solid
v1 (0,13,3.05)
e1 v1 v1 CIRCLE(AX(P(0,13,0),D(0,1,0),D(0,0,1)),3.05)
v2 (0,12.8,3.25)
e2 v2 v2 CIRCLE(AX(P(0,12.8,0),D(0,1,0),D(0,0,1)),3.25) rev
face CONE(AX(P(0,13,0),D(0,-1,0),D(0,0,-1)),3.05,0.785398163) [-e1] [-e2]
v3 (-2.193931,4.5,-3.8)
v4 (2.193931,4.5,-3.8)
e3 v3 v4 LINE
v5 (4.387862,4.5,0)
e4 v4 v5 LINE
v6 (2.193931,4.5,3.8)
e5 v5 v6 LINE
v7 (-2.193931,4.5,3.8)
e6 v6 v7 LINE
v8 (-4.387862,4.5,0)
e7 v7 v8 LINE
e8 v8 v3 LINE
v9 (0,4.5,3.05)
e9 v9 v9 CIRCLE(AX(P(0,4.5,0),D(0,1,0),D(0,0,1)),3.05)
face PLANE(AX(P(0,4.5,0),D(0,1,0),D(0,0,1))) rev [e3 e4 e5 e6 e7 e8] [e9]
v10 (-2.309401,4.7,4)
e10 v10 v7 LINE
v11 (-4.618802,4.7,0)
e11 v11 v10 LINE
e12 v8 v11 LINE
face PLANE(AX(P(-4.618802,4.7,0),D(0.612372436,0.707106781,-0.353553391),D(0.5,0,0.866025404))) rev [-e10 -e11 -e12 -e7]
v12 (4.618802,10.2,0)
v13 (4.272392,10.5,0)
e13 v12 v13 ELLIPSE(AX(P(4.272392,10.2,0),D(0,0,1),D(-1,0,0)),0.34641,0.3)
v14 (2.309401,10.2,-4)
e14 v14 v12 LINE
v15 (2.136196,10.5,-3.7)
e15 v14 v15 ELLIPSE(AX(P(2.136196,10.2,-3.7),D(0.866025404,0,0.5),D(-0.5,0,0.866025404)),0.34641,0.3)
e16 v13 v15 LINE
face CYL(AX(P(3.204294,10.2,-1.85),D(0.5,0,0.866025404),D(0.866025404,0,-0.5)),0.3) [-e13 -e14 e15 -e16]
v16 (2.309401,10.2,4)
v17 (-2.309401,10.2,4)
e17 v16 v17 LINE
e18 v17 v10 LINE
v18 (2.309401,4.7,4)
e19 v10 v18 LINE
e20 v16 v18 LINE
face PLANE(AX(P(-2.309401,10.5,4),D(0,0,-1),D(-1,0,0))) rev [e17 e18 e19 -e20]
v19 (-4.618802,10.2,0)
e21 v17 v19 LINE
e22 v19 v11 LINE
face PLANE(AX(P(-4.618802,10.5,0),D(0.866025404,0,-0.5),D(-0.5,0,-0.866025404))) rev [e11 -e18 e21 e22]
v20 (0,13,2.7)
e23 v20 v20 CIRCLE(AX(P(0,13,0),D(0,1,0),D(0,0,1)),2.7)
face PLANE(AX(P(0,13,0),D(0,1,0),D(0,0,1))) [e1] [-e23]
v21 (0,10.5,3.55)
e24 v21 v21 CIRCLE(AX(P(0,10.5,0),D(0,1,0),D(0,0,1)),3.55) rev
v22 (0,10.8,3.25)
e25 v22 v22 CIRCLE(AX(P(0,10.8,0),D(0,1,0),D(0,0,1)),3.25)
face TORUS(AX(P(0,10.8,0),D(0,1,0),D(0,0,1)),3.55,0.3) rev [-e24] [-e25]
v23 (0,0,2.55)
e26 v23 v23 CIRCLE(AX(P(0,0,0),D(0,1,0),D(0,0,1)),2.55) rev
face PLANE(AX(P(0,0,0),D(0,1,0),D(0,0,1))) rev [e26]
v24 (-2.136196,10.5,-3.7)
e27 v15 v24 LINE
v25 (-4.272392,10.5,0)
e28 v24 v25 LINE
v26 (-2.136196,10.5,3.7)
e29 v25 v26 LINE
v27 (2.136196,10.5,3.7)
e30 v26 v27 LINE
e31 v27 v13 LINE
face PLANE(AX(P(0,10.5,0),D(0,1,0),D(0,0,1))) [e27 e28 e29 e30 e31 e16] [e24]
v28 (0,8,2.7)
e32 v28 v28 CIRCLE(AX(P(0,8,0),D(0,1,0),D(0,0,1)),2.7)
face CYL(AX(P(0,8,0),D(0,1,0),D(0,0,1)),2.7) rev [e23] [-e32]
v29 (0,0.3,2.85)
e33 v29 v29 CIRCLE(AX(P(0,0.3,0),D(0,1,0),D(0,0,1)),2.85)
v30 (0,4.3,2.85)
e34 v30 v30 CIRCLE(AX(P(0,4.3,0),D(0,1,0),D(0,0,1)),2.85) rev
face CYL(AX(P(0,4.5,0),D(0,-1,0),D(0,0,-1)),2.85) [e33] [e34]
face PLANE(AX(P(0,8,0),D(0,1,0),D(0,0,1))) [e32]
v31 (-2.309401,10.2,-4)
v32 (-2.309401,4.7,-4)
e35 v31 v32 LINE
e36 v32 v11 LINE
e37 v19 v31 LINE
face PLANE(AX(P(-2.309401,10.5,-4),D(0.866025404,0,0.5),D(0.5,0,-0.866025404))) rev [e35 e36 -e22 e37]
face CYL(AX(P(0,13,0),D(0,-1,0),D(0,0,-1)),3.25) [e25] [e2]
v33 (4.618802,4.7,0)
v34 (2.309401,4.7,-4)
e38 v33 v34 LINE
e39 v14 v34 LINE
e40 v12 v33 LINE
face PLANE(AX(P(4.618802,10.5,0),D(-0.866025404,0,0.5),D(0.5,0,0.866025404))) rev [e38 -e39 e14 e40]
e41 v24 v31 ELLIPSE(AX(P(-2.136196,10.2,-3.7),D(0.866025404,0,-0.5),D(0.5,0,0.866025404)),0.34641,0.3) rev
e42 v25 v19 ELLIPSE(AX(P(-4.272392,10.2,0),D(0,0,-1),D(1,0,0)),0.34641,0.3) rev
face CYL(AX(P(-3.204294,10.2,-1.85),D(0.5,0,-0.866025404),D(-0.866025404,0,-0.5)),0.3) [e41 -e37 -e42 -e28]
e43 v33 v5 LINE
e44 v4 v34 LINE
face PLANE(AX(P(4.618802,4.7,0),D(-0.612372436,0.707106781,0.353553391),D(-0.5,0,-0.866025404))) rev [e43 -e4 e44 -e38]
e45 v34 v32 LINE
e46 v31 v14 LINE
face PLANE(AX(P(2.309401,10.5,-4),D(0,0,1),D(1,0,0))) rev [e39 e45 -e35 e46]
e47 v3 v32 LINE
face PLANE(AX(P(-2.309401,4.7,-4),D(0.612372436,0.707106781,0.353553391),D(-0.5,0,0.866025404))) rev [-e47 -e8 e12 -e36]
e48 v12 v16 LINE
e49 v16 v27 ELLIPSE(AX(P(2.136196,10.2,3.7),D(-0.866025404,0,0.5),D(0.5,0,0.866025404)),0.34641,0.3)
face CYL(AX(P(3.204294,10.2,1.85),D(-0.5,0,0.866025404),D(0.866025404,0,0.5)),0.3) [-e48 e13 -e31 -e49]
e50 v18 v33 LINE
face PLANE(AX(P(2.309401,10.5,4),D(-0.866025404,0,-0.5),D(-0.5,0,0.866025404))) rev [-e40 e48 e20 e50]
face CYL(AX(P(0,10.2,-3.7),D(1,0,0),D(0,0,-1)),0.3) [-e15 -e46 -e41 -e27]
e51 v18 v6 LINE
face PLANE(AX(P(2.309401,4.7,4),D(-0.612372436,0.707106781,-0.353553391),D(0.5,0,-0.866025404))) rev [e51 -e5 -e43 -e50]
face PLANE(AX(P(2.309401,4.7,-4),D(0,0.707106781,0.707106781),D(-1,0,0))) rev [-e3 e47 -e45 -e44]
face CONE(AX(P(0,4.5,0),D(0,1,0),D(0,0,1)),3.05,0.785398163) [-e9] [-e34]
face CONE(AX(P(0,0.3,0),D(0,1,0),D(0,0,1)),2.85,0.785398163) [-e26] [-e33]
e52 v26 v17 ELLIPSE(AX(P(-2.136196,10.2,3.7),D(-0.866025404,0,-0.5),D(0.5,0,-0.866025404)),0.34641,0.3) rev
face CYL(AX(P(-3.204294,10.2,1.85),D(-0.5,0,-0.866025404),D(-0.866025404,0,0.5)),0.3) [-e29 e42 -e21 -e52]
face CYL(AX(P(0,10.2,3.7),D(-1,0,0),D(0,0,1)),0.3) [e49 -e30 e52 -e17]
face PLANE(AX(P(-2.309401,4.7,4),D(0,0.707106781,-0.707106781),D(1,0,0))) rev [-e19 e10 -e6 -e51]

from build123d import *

# Parameters (mm, degrees)
SKETCH_1_R          = 2.85
EXTRUDE_1_DEPTH     = 4.5
EXTRUDE_2_DEPTH     = 6
SKETCH_3_R          = 3.25
EXTRUDE_3_DEPTH     = 2.5
CHAMFER_3_SIZE      = 0.2
FILLET_2_R          = 0.3
CHAMFER_4_SIZE      = 0.2
CHAMFER_5_SIZE      = 0.3
SKETCH_5_R          = 2.7
CUT_EXTRUDE_1_DEPTH = 5


with BuildPart() as part:
    # 草图1 → 凸台-拉伸1 (new body)
    with BuildSketch(Plane(origin=(0, 0, 0), x_dir=(1, 0, 0), z_dir=(0, 1, 0))):
        Circle(SKETCH_1_R)
    extrude(amount=EXTRUDE_1_DEPTH)

    # 草图2 → 凸台-拉伸2 (add)
    with BuildSketch(Plane(origin=(0, 4.5, 0), x_dir=(1, 0, 0), z_dir=(0, 1, 0))):
        Polygon((4.618802154, 0), (2.309401077, 4), (-2.309401077, 4), (-4.618802154, 0), (-2.309401077, -4), (2.309401077, -4), align=None)
    extrude(amount=EXTRUDE_2_DEPTH)

    # 草图3 → 凸台-拉伸3 (add)
    with BuildSketch(Plane(origin=(0, 10.5, 0), x_dir=(1, 0, 0), z_dir=(0, 1, 0))):
        Circle(SKETCH_3_R)
    extrude(amount=EXTRUDE_3_DEPTH)

    # 倒角3
    chamfer_3_edges = [part.edges().sort_by_distance(p)[0] for p in [
        (-2.85, 4.5, 0),
        (3.464101615, 4.5, 2),
        (3.464101615, 4.5, -2),
        (0, 4.5, -4),
        (-3.464101615, 4.5, -2),
        (-3.464101615, 4.5, 2),
        (0, 4.5, 4),
    ]]
    chamfer(chamfer_3_edges, length=CHAMFER_3_SIZE)

    # 圆角2
    fillet_2_edges = [part.edges().sort_by_distance(p)[0] for p in [
        (-3.25, 10.5, 0),
        (3.464101615, 10.5, 2),
        (3.464101615, 10.5, -2),
        (0, 10.5, -4),
        (-3.464101615, 10.5, -2),
        (-3.464101615, 10.5, 2),
        (0, 10.5, 4),
    ]]
    fillet(fillet_2_edges, radius=FILLET_2_R)

    # 倒角4
    chamfer_4_edges = [part.edges().sort_by_distance(p)[0] for p in [
        (-3.25, 13, 0),
    ]]
    chamfer(chamfer_4_edges, length=CHAMFER_4_SIZE)

    # 倒角5
    chamfer_5_edges = [part.edges().sort_by_distance(p)[0] for p in [
        (-2.85, 0, 0),
    ]]
    chamfer(chamfer_5_edges, length=CHAMFER_5_SIZE)

    # 草图5 → 切除-拉伸1 (cut)
    with BuildSketch(Plane(origin=(0, 13, 0), x_dir=(1, 0, 0), z_dir=(0, 1, 0))):
        Circle(SKETCH_5_R)
    extrude(amount=-CUT_EXTRUDE_1_DEPTH, mode=Mode.SUBTRACT)


solid = part.part
